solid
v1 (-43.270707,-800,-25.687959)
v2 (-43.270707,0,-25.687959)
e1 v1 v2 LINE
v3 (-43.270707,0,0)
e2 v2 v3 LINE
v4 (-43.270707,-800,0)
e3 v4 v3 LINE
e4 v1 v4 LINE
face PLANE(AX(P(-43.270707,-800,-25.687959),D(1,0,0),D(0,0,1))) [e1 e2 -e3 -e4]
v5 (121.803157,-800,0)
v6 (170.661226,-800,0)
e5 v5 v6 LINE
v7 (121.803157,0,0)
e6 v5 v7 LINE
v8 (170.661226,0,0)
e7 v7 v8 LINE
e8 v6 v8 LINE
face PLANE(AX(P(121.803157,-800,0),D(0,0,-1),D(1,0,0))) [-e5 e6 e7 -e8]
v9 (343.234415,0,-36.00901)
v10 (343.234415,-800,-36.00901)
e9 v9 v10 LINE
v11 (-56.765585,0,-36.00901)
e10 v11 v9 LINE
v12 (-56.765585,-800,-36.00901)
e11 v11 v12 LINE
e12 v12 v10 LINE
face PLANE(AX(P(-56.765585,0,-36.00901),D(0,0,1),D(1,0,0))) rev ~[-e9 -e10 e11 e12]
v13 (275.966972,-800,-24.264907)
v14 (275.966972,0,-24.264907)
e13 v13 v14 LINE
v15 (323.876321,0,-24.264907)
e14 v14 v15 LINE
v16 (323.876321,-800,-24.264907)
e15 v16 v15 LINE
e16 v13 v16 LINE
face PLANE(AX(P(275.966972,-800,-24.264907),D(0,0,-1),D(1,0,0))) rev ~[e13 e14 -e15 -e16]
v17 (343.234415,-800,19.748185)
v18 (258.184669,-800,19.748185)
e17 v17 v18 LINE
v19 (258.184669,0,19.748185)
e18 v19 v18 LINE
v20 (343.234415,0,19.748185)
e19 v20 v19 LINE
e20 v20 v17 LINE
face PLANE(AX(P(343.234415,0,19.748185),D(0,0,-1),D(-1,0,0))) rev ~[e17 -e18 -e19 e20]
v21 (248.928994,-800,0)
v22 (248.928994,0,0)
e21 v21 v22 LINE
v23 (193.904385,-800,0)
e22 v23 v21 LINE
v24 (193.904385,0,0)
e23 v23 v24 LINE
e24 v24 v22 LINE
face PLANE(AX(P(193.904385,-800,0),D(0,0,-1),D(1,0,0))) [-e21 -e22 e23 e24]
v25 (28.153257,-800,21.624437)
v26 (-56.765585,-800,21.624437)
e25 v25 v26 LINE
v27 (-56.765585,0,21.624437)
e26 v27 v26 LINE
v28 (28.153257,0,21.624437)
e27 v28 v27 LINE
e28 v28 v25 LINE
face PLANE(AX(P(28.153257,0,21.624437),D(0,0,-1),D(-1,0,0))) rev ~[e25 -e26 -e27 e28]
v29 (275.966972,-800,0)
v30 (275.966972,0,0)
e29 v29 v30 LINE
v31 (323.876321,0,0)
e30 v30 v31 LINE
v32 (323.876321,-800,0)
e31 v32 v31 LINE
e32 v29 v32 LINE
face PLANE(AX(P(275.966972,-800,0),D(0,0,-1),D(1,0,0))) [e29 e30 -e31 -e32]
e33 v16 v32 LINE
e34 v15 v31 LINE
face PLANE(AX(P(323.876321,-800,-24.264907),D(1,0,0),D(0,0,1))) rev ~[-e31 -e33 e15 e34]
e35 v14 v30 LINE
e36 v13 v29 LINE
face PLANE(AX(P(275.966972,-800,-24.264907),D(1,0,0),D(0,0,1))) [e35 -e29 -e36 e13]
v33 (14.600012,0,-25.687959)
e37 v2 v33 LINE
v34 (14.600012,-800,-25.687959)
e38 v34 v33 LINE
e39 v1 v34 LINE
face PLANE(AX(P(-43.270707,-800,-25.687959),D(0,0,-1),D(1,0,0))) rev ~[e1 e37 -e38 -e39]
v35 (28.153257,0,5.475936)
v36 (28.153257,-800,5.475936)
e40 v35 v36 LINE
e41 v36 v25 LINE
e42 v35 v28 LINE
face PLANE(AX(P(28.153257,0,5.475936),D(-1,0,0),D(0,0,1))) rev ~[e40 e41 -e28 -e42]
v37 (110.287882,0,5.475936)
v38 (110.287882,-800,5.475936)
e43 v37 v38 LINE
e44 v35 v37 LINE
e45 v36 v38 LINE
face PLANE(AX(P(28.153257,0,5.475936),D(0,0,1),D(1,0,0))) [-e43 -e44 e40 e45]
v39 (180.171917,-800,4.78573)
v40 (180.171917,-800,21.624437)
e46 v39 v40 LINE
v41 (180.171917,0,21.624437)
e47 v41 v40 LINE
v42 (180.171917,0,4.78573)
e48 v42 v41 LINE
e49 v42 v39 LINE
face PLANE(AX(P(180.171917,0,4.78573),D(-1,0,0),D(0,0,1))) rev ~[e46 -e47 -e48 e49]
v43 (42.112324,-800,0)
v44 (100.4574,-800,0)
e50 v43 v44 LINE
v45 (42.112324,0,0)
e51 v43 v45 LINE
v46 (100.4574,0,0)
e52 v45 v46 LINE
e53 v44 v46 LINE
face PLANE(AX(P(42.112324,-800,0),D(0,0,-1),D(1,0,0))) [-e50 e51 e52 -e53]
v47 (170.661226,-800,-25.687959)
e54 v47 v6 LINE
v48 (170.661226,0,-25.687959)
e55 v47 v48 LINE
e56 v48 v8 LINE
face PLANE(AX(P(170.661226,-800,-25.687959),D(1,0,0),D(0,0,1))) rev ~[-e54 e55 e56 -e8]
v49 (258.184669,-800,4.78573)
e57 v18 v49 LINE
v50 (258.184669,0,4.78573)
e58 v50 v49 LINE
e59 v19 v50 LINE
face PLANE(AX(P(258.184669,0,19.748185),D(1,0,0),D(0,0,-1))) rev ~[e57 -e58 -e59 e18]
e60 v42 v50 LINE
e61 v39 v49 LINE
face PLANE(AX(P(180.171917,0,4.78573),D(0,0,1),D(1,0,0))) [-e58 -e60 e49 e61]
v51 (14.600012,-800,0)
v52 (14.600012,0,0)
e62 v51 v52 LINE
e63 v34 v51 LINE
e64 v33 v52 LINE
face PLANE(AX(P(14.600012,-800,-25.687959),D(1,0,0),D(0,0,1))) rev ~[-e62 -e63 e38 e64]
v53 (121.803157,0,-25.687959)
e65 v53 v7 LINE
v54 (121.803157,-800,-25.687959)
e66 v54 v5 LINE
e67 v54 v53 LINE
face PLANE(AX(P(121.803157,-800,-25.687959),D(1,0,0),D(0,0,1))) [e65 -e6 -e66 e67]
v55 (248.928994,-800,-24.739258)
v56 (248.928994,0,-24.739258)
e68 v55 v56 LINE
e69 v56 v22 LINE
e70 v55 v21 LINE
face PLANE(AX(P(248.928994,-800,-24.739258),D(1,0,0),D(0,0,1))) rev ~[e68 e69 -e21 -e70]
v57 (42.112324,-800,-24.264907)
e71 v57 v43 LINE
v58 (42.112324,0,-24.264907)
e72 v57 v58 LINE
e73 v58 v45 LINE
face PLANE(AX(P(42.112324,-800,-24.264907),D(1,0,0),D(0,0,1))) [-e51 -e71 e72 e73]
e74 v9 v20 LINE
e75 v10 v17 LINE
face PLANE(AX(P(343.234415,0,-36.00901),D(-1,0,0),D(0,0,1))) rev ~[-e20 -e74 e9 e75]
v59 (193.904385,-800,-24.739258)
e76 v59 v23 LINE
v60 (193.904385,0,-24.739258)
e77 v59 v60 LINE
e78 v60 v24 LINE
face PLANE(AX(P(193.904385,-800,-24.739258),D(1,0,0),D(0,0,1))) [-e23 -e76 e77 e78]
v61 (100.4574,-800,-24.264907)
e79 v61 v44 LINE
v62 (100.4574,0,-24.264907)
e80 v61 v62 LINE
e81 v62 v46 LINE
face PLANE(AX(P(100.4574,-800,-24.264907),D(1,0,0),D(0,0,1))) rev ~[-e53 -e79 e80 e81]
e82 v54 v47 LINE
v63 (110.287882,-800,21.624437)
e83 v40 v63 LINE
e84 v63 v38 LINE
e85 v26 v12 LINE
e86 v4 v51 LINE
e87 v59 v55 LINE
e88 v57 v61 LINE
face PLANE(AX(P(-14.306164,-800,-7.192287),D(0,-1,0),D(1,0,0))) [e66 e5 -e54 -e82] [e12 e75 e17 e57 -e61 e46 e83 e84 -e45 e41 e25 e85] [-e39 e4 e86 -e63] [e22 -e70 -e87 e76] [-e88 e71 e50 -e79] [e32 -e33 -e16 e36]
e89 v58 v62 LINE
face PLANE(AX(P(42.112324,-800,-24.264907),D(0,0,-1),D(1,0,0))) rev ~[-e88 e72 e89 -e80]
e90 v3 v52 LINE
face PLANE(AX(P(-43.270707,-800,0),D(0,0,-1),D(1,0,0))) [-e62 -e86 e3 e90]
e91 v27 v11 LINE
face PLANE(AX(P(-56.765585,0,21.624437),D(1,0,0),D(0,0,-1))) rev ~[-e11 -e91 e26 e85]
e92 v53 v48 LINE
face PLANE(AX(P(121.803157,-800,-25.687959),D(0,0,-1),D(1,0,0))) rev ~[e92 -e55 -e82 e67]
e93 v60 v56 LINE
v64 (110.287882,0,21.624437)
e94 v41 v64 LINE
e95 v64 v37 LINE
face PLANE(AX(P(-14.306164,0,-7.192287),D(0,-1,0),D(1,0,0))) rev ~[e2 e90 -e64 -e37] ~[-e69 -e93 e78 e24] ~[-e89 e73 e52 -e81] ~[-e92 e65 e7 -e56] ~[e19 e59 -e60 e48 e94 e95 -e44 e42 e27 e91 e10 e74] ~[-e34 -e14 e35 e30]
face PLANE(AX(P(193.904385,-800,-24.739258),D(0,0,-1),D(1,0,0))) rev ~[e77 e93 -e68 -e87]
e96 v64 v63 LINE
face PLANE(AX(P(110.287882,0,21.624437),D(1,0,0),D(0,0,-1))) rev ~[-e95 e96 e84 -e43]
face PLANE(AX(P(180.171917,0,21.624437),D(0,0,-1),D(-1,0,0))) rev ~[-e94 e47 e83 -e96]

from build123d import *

# Parameters (mm, degrees)
F0_W     = 82.1346251114
F0_H     = 41.4849454792
F0_W_2   = 78.0127522687
F0_H_2   = 40.7947400829
F1_DEPTH = 800
F2_W     = 57.8707195818
F2_H     = 25.6879590452
F2_W_2   = 58.3450756967
F2_H_2   = 24.2649074644
F2_W_3   = 48.8580688834
F2_W_4   = 55.0246089697
F2_H_3   = 24.7392579913
F2_W_5   = 47.9093492031
F3_DEPTH = 800


with BuildPart() as f1:
    # F0 (on Front) → F1 (new body)
    with BuildSketch(Plane.XZ):
        Polygon((28.1532571296, 21.6244365409), (-56.7655850202, 21.6244365409), (-56.7655850202, -36.0090098664), (28.1532571296, -36.0090098664), (28.1532571296, 5.4759356128), align=None)
        with Locations((69.2205696853, -15.2665371268)):
            Rectangle(F0_W, F0_H)
        Polygon((110.287882241, 21.6244365409), (110.287882241, 5.4759356128), (110.287882241, -36.0090098664), (180.1719170811, -36.0090098664), (180.1719170811, 4.7857302164), (180.1719170811, 21.6244365409), align=None)
        with Locations((219.1782932154, -15.611639825)):
            Rectangle(F0_W_2, F0_H_2)
        Polygon((258.1846693497, 4.7857302164), (258.1846693497, -36.0090098664), (343.2344149798, -36.0090098664), (343.2344149798, 19.7481851938), (258.1846693497, 19.7481851938), align=None)
    extrude(amount=F1_DEPTH)

    # F2 (on face) → F3 (cut, through all)
    with BuildSketch(Plane.XZ.offset(800)):
        with Locations((-14.3353473395, -12.8439795226)):
            Rectangle(F2_W, F2_H)
        with Locations((71.2848622352, -12.1324537322)):
            Rectangle(F2_W_2, F2_H_2)
        with Locations((146.2321914732, -12.8439795226)):
            Rectangle(F2_W_3, F2_H)
        with Locations((221.4166894555, -12.3696289957)):
            Rectangle(F2_W_4, F2_H_3)
        with Locations((299.9216467142, -12.1324537322)):
            Rectangle(F2_W_5, F2_H_2)
    extrude(amount=-F3_DEPTH, mode=Mode.SUBTRACT)


solid = f1.part
